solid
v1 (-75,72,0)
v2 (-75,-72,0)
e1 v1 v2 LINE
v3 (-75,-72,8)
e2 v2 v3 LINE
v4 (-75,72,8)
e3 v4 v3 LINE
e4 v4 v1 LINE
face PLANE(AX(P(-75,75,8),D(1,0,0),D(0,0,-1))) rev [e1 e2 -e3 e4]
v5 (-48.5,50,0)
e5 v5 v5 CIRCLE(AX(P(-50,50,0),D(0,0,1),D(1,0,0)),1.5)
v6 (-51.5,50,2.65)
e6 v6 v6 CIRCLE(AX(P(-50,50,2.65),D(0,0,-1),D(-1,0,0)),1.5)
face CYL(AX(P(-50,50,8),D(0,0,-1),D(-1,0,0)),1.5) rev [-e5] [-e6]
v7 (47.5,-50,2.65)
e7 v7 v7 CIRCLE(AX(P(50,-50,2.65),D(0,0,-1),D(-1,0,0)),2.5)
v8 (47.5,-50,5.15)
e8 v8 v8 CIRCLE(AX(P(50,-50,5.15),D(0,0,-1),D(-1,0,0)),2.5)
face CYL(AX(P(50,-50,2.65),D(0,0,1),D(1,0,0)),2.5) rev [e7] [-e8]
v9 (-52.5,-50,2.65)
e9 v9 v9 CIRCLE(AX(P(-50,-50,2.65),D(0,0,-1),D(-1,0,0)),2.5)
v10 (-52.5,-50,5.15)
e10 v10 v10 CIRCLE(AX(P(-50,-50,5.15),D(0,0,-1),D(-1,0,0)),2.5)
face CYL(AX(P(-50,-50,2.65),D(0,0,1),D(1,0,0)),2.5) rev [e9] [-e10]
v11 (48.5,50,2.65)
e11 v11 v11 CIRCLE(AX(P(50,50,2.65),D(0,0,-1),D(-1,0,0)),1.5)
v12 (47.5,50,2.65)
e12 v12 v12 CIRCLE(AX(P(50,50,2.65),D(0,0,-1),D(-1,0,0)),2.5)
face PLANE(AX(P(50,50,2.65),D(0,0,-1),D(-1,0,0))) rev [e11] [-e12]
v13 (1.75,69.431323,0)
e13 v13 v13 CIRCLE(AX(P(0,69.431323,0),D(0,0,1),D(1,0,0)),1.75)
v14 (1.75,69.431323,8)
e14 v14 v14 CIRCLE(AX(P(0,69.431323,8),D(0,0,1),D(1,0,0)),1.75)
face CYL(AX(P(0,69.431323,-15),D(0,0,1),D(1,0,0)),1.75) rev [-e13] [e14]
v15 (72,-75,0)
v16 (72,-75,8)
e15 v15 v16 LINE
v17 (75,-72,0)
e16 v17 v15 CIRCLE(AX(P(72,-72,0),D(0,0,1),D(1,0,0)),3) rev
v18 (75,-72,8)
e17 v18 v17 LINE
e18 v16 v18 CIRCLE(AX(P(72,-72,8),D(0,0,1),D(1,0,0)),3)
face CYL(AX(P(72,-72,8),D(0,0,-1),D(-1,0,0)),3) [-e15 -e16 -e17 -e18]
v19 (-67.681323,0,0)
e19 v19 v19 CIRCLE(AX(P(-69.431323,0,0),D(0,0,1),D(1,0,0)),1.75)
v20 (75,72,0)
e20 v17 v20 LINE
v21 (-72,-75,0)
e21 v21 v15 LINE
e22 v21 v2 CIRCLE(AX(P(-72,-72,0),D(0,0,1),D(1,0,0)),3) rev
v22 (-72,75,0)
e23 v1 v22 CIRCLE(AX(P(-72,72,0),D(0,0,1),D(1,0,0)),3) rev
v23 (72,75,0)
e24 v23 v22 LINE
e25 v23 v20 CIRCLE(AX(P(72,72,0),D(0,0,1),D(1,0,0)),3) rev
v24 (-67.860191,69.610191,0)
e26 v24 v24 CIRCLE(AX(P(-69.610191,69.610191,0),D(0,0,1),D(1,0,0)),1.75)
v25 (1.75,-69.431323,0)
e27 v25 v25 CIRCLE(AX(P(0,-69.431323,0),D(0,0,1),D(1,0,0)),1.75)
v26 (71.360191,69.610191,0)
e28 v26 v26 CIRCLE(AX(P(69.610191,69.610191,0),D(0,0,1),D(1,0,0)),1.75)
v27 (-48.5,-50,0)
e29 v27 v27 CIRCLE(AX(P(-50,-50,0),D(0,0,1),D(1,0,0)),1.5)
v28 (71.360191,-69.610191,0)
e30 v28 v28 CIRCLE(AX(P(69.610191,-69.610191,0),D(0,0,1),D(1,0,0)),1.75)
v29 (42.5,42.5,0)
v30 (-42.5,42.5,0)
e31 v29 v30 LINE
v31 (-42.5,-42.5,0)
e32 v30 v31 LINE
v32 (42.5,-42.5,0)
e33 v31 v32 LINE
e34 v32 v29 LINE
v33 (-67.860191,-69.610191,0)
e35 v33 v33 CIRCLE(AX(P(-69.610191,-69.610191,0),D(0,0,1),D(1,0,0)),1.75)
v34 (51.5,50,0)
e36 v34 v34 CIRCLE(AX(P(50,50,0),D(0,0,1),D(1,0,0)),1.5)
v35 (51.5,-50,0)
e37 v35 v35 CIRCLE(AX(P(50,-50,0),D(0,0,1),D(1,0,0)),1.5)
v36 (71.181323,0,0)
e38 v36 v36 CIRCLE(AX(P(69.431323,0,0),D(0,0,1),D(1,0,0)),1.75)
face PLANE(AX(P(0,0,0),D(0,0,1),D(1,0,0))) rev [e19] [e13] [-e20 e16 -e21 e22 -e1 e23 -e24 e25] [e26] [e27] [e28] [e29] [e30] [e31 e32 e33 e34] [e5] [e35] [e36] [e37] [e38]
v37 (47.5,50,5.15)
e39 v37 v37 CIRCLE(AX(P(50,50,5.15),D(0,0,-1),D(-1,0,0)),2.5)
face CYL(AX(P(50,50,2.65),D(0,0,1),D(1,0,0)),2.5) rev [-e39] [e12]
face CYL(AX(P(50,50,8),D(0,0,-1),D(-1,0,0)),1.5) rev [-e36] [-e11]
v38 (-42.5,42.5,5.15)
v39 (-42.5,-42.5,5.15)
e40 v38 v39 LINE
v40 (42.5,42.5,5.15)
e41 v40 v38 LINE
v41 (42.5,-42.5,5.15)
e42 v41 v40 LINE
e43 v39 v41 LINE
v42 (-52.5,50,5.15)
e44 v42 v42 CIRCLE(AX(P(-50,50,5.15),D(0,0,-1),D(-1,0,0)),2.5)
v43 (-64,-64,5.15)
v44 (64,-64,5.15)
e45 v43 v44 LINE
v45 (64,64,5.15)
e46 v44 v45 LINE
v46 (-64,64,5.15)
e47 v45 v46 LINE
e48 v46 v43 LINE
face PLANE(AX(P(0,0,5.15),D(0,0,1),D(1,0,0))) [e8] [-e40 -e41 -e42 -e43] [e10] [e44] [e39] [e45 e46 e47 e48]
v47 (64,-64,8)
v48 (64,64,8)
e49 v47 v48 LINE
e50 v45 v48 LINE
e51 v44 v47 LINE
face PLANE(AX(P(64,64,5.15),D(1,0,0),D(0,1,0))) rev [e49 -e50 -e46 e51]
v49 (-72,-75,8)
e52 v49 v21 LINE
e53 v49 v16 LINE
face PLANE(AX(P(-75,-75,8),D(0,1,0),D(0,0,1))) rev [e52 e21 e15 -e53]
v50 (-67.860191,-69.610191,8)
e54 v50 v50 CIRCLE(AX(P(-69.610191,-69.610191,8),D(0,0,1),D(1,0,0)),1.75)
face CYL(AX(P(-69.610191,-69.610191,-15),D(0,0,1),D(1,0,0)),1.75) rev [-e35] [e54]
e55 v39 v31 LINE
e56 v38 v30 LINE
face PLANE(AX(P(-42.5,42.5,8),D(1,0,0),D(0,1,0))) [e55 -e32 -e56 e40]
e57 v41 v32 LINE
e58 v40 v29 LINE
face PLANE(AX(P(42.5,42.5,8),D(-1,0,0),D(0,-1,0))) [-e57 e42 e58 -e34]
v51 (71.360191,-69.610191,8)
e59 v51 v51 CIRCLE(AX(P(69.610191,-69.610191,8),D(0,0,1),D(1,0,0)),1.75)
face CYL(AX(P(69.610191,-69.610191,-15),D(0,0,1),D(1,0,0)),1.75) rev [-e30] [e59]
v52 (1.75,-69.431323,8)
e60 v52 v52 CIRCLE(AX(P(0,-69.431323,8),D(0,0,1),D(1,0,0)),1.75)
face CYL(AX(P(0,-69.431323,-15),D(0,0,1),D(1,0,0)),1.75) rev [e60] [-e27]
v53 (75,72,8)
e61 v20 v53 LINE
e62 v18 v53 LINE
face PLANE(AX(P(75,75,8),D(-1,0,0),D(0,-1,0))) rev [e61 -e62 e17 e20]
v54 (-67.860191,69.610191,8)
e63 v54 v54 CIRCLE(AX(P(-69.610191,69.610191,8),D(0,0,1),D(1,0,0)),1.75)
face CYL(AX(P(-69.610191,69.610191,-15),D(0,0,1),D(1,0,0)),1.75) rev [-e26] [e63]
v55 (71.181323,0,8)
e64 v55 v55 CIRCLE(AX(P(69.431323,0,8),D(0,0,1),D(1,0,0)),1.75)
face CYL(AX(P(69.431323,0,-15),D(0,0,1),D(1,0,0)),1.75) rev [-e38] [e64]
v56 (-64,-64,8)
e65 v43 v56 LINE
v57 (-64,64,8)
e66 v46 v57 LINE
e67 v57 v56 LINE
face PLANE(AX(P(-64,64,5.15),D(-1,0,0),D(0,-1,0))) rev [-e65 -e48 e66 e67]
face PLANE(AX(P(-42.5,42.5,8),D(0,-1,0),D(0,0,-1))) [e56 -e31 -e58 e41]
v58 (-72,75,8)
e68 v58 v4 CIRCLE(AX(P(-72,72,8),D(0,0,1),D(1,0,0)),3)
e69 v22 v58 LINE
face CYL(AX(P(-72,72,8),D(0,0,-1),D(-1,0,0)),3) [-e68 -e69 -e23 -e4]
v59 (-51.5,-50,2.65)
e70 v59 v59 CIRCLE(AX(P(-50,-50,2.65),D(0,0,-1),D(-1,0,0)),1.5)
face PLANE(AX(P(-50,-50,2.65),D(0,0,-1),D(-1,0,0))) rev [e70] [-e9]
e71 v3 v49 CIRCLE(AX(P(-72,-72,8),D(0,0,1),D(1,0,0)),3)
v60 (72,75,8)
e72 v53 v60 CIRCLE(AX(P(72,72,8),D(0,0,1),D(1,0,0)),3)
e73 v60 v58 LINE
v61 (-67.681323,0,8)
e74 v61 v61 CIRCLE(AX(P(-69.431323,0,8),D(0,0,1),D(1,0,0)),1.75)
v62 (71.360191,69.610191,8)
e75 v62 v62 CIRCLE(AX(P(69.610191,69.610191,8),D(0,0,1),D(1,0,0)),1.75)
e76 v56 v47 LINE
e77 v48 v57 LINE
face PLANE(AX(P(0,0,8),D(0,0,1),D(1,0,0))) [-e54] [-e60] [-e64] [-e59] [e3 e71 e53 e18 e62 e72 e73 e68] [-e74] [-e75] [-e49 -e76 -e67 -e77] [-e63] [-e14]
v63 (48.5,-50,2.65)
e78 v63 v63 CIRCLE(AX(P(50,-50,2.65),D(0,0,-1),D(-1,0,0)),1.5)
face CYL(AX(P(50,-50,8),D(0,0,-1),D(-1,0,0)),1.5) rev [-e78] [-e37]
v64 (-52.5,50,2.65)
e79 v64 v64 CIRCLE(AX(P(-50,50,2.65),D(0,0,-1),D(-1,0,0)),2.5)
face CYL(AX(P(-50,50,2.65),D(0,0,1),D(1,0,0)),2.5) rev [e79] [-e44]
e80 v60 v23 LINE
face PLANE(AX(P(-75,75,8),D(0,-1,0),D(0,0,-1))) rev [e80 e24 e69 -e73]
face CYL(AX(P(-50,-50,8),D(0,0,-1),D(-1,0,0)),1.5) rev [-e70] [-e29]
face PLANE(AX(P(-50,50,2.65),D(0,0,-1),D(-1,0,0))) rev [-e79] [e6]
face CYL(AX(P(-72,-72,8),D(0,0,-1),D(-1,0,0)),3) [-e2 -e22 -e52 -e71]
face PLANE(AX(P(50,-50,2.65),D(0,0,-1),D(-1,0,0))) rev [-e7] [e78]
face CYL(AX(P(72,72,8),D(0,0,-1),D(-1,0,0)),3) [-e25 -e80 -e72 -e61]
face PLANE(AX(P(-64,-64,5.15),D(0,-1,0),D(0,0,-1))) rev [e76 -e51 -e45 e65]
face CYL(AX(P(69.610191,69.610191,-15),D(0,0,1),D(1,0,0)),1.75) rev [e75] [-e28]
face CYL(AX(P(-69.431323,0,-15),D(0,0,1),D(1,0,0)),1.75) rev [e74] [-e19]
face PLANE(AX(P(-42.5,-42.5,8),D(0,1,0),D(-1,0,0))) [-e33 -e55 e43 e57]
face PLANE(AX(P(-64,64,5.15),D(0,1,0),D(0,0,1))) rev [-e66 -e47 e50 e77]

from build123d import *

# Parameters (mm, degrees)
SKETCH1_W           = 150
SKETCH1_H           = 150
SKETCH1_R           = 1.5
SKETCH1_W_2         = 85
SKETCH1_H_2         = 85
BOSS_EXTRUDE1_DEPTH = 8
SKETCH3_W           = 128
SKETCH3_H           = 128
CUT_EXTRUDE2_DEPTH  = 2.85
FILLET1_R           = 3
SKETCH4_R           = 2.5
CUT_EXTRUDE3_DEPTH  = 2.5
SKETCH5_R           = 1.75
CUT_EXTRUDE4_DEPTH  = 23


with BuildPart() as part:
    # Sketch1 → Boss-Extrude1 (new body)
    with BuildSketch(Plane.XY):
        Rectangle(SKETCH1_W, SKETCH1_H)
        with Locations((-50, 50)):
            Circle(SKETCH1_R, mode=Mode.SUBTRACT)
        with Locations((50, 50)):
            Circle(SKETCH1_R, mode=Mode.SUBTRACT)
        with Locations((50, -50)):
            Circle(SKETCH1_R, mode=Mode.SUBTRACT)
        with Locations((-50, -50)):
            Circle(SKETCH1_R, mode=Mode.SUBTRACT)
        Rectangle(SKETCH1_W_2, SKETCH1_H_2, mode=Mode.SUBTRACT)
    extrude(amount=BOSS_EXTRUDE1_DEPTH)

    # Sketch3 → Cut-Extrude2 (cut)
    with BuildSketch(Plane.XY.offset(8)):
        Rectangle(SKETCH3_W, SKETCH3_H)
    extrude(amount=-CUT_EXTRUDE2_DEPTH, mode=Mode.SUBTRACT)

    # Fillet1
    fillet1_edges = [part.edges().sort_by_distance(p)[0] for p in [
        (75, -75, 4),
        (-75, -75, 4),
        (-75, 75, 4),
        (75, 75, 4),
    ]]
    fillet(fillet1_edges, radius=FILLET1_R)

    # Sketch4 → Cut-Extrude3 (cut)
    with BuildSketch(Plane(origin=(0, 0, 5.15), x_dir=(-1, 0, 0), z_dir=(0, 0, -1))):
        with Locations((-50, 50)):
            Circle(SKETCH4_R)
        with Locations((50, 50)):
            Circle(SKETCH4_R)
        with Locations((50, -50)):
            Circle(SKETCH4_R)
        with Locations((-50, -50)):
            Circle(SKETCH4_R)
    extrude(amount=CUT_EXTRUDE3_DEPTH, mode=Mode.SUBTRACT)

    # Sketch5 → Cut-Extrude4 (cut)
    with BuildSketch(Plane.XY.offset(8)):
        with Locations((0, 69.431322576)):
            Circle(SKETCH5_R)
        with Locations((-69.610191061, 69.610191061)):
            Circle(SKETCH5_R)
        with Locations((69.431322576, 0)):
            Circle(SKETCH5_R)
        with Locations((69.610191061, 69.610191061)):
            Circle(SKETCH5_R)
        with Locations((0, -69.431322576)):
            Circle(SKETCH5_R)
        with Locations((69.610191061, -69.610191061)):
            Circle(SKETCH5_R)
        with Locations((-69.431322576, 0)):
            Circle(SKETCH5_R)
        with Locations((-69.610191061, -69.610191061)):
            Circle(SKETCH5_R)
    extrude(amount=-CUT_EXTRUDE4_DEPTH, mode=Mode.SUBTRACT)


solid = part.part
